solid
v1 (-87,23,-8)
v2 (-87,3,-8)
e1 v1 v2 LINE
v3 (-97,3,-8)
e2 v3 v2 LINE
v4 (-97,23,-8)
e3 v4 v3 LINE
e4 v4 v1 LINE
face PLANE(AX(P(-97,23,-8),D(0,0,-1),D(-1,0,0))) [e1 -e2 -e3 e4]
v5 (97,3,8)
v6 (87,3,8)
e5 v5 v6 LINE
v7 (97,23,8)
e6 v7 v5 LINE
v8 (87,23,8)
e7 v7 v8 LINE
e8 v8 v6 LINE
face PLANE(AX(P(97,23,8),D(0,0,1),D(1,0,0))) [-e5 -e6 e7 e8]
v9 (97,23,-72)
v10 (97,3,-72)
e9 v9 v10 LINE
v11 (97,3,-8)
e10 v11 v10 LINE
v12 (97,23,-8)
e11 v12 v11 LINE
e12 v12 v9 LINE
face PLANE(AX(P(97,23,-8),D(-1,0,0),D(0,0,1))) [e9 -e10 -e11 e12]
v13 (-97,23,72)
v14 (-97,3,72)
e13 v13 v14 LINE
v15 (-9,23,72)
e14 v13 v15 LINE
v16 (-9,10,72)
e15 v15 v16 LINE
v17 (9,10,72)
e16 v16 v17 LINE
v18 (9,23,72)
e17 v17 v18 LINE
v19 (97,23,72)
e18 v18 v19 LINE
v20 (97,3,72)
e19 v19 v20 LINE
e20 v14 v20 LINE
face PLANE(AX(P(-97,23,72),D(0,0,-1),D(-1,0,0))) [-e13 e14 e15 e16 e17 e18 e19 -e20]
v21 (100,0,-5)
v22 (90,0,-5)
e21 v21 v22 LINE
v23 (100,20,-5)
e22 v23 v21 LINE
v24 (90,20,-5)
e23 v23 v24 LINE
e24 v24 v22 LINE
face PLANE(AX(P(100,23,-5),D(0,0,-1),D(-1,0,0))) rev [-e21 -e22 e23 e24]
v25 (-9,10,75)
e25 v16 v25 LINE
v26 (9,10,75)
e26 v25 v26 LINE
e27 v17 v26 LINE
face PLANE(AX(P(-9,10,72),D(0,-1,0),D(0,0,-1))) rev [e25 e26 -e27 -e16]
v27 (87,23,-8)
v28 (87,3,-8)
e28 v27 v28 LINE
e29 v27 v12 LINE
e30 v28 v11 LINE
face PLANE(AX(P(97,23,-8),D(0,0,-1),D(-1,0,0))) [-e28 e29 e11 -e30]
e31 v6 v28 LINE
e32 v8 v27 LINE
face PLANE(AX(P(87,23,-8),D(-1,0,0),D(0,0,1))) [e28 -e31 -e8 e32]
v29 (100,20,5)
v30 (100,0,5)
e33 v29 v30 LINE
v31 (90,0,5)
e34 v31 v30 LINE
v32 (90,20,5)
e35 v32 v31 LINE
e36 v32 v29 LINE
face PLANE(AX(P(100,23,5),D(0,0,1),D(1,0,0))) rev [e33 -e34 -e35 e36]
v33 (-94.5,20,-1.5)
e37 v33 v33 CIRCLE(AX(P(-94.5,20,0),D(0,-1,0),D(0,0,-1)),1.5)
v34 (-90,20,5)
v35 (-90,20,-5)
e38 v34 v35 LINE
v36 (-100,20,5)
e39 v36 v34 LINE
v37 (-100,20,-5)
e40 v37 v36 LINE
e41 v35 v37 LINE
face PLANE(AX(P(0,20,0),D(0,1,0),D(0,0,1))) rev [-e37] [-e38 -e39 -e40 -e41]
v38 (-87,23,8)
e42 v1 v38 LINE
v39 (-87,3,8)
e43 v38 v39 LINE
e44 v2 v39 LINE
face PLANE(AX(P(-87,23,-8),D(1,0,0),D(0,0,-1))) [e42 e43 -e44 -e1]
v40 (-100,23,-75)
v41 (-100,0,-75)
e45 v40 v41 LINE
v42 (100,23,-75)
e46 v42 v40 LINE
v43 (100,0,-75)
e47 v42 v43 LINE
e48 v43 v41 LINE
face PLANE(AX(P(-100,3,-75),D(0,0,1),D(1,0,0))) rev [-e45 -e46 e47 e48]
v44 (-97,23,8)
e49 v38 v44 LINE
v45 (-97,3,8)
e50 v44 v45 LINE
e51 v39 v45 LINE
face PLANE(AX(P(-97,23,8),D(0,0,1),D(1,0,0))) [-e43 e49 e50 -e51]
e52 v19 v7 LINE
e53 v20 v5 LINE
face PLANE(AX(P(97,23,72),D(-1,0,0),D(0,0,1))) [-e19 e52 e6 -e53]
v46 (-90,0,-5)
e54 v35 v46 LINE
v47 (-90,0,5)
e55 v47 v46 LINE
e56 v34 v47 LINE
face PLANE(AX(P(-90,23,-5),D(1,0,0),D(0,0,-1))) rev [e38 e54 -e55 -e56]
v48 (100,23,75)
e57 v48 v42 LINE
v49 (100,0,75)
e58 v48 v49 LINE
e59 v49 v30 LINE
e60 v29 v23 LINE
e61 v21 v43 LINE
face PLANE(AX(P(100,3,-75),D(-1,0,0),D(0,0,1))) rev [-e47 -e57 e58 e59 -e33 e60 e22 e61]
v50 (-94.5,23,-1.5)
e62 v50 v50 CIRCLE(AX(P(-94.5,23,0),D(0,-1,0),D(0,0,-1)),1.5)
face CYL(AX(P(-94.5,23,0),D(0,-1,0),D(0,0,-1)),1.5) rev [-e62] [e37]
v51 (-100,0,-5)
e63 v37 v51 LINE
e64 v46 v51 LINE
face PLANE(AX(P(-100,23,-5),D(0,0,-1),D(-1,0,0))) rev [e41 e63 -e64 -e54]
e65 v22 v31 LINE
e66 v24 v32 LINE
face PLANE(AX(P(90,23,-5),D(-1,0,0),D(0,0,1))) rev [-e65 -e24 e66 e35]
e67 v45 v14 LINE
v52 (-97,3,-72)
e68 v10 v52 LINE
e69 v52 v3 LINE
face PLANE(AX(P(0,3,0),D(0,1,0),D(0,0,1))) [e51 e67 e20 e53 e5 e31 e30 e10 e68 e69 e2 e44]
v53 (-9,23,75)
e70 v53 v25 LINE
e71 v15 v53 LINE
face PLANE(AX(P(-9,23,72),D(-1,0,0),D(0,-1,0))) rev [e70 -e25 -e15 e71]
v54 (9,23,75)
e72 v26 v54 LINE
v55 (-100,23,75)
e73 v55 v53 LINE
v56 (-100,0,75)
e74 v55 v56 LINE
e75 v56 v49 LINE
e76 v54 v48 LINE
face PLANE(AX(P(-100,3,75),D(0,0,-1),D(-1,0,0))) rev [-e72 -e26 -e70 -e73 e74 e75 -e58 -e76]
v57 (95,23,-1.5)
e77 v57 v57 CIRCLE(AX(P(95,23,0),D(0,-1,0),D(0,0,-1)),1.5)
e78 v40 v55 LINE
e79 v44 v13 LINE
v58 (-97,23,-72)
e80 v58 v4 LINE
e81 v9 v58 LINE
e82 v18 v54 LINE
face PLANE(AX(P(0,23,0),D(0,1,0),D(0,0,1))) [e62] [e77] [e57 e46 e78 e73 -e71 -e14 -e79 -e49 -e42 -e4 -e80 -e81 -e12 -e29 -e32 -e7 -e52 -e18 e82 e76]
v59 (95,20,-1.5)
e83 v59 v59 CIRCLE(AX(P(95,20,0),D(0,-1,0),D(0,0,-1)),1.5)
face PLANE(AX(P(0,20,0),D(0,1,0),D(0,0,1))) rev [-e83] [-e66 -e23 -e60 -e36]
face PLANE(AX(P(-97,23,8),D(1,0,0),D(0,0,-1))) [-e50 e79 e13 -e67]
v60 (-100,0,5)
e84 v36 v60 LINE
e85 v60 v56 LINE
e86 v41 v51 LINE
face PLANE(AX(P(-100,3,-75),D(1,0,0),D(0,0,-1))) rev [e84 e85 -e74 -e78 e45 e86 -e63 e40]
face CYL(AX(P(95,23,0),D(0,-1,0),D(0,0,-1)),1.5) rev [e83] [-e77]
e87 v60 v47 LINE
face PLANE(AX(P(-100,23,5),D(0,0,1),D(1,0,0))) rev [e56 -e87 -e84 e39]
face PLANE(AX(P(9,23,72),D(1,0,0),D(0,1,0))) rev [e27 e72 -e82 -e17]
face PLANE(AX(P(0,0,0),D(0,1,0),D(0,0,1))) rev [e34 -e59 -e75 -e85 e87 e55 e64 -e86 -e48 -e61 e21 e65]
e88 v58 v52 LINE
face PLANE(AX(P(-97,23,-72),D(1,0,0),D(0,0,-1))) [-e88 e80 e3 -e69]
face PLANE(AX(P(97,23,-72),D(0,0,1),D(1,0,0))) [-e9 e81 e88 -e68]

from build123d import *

# Parameters (mm, degrees)
SKETCH1_W           = 200
SKETCH1_H           = 150
BOSS_EXTRUDE1_DEPTH = 3
BOSS_EXTRUDE2_DEPTH = 20
SKETCH3_W           = 10
SKETCH3_H           = 10
BOSS_EXTRUDE3_DEPTH = 3
SKETCH4_W           = 10
SKETCH4_H           = 10
CUT_EXTRUDE1_DEPTH  = 127.589889012
SKETCH5_W           = 10
SKETCH5_H           = 10
BOSS_EXTRUDE4_DEPTH = 3
SKETCH6_W           = 10
SKETCH6_H           = 10
CUT_EXTRUDE2_DEPTH  = 3
SKETCH7_R           = 1.5
CUT_EXTRUDE3_DEPTH  = 127.589889012
SKETCH8_R           = 1.5
CUT_EXTRUDE4_DEPTH  = 127.589889012
SKETCH10_W          = 18
SKETCH10_H          = 13
CUT_EXTRUDE5_DEPTH  = 3


with BuildPart() as part:
    # Sketch1 → Boss-Extrude1 (new body)
    with BuildSketch(Plane(origin=(0, 0, 0), x_dir=(1, 0, 0), z_dir=(0, 1, 0))):
        Rectangle(SKETCH1_W, SKETCH1_H)
    extrude(amount=BOSS_EXTRUDE1_DEPTH)

    # Sketch2 → Boss-Extrude2 (add)
    with BuildSketch(Plane(origin=(0, 3, 0), x_dir=(1, 0, 0), z_dir=(0, 1, 0))):
        Polygon((100, -5), (90, -5), (90, 5), (100, 5), (100, 75), (-100, 75), (-100, 5), (-90, 5), (-90, -5), (-100, -5), (-100, -75), (100, -75), align=None)
        Polygon((97, -8), (87, -8), (87, 8), (97, 8), (97, 72), (-97, 72), (-97, 8), (-87, 8), (-87, -8), (-97, -8), (-97, -72), (97, -72), align=None, mode=Mode.SUBTRACT)
    extrude(amount=BOSS_EXTRUDE2_DEPTH)

    # Sketch3 → Boss-Extrude3 (add)
    with BuildSketch(Plane(origin=(0, 23, 0), x_dir=(1, 0, 0), z_dir=(0, 1, 0))):
        with Locations((-95, 0)):
            Rectangle(SKETCH3_W, SKETCH3_H)
    extrude(amount=-BOSS_EXTRUDE3_DEPTH)

    # Sketch4 → Cut-Extrude1 (cut, through all)
    with BuildSketch(Plane(origin=(0, 3, 0), x_dir=(1, 0, 0), z_dir=(0, 1, 0))):
        with Locations((-95, 0)):
            Rectangle(SKETCH4_W, SKETCH4_H)
    extrude(amount=-CUT_EXTRUDE1_DEPTH, mode=Mode.SUBTRACT)

    # Sketch5 → Boss-Extrude4 (add)
    with BuildSketch(Plane(origin=(0, 23, 0), x_dir=(1, 0, 0), z_dir=(0, 1, 0))):
        with Locations((95, 0)):
            Rectangle(SKETCH5_W, SKETCH5_H)
    extrude(amount=-BOSS_EXTRUDE4_DEPTH)

    # Sketch6 → Cut-Extrude2 (cut)
    with BuildSketch(Plane(origin=(0, 3, 0), x_dir=(1, 0, 0), z_dir=(0, 1, 0))):
        with Locations((95, 0)):
            Rectangle(SKETCH6_W, SKETCH6_H)
    extrude(amount=-CUT_EXTRUDE2_DEPTH, mode=Mode.SUBTRACT)

    # Sketch7 → Cut-Extrude3 (cut, through all)
    with BuildSketch(Plane.XZ.offset(-20)):
        with Locations(Location((95, 0, 0), (0, 0, 270))):
            Circle(SKETCH7_R)
    extrude(amount=-CUT_EXTRUDE3_DEPTH, mode=Mode.SUBTRACT)

    # Sketch8 → Cut-Extrude4 (cut, through all)
    with BuildSketch(Plane.XZ.offset(-20)):
        with Locations(Location((-94.5, 0, 0), (0, 0, 270))):
            Circle(SKETCH8_R)
    extrude(amount=-CUT_EXTRUDE4_DEPTH, mode=Mode.SUBTRACT)

    # Sketch10 → Cut-Extrude5 (cut)
    with BuildSketch(Plane.XY.offset(75)):
        with Locations((0, 16.5)):
            Rectangle(SKETCH10_W, SKETCH10_H)
    extrude(amount=-CUT_EXTRUDE5_DEPTH, mode=Mode.SUBTRACT)


solid = part.part
